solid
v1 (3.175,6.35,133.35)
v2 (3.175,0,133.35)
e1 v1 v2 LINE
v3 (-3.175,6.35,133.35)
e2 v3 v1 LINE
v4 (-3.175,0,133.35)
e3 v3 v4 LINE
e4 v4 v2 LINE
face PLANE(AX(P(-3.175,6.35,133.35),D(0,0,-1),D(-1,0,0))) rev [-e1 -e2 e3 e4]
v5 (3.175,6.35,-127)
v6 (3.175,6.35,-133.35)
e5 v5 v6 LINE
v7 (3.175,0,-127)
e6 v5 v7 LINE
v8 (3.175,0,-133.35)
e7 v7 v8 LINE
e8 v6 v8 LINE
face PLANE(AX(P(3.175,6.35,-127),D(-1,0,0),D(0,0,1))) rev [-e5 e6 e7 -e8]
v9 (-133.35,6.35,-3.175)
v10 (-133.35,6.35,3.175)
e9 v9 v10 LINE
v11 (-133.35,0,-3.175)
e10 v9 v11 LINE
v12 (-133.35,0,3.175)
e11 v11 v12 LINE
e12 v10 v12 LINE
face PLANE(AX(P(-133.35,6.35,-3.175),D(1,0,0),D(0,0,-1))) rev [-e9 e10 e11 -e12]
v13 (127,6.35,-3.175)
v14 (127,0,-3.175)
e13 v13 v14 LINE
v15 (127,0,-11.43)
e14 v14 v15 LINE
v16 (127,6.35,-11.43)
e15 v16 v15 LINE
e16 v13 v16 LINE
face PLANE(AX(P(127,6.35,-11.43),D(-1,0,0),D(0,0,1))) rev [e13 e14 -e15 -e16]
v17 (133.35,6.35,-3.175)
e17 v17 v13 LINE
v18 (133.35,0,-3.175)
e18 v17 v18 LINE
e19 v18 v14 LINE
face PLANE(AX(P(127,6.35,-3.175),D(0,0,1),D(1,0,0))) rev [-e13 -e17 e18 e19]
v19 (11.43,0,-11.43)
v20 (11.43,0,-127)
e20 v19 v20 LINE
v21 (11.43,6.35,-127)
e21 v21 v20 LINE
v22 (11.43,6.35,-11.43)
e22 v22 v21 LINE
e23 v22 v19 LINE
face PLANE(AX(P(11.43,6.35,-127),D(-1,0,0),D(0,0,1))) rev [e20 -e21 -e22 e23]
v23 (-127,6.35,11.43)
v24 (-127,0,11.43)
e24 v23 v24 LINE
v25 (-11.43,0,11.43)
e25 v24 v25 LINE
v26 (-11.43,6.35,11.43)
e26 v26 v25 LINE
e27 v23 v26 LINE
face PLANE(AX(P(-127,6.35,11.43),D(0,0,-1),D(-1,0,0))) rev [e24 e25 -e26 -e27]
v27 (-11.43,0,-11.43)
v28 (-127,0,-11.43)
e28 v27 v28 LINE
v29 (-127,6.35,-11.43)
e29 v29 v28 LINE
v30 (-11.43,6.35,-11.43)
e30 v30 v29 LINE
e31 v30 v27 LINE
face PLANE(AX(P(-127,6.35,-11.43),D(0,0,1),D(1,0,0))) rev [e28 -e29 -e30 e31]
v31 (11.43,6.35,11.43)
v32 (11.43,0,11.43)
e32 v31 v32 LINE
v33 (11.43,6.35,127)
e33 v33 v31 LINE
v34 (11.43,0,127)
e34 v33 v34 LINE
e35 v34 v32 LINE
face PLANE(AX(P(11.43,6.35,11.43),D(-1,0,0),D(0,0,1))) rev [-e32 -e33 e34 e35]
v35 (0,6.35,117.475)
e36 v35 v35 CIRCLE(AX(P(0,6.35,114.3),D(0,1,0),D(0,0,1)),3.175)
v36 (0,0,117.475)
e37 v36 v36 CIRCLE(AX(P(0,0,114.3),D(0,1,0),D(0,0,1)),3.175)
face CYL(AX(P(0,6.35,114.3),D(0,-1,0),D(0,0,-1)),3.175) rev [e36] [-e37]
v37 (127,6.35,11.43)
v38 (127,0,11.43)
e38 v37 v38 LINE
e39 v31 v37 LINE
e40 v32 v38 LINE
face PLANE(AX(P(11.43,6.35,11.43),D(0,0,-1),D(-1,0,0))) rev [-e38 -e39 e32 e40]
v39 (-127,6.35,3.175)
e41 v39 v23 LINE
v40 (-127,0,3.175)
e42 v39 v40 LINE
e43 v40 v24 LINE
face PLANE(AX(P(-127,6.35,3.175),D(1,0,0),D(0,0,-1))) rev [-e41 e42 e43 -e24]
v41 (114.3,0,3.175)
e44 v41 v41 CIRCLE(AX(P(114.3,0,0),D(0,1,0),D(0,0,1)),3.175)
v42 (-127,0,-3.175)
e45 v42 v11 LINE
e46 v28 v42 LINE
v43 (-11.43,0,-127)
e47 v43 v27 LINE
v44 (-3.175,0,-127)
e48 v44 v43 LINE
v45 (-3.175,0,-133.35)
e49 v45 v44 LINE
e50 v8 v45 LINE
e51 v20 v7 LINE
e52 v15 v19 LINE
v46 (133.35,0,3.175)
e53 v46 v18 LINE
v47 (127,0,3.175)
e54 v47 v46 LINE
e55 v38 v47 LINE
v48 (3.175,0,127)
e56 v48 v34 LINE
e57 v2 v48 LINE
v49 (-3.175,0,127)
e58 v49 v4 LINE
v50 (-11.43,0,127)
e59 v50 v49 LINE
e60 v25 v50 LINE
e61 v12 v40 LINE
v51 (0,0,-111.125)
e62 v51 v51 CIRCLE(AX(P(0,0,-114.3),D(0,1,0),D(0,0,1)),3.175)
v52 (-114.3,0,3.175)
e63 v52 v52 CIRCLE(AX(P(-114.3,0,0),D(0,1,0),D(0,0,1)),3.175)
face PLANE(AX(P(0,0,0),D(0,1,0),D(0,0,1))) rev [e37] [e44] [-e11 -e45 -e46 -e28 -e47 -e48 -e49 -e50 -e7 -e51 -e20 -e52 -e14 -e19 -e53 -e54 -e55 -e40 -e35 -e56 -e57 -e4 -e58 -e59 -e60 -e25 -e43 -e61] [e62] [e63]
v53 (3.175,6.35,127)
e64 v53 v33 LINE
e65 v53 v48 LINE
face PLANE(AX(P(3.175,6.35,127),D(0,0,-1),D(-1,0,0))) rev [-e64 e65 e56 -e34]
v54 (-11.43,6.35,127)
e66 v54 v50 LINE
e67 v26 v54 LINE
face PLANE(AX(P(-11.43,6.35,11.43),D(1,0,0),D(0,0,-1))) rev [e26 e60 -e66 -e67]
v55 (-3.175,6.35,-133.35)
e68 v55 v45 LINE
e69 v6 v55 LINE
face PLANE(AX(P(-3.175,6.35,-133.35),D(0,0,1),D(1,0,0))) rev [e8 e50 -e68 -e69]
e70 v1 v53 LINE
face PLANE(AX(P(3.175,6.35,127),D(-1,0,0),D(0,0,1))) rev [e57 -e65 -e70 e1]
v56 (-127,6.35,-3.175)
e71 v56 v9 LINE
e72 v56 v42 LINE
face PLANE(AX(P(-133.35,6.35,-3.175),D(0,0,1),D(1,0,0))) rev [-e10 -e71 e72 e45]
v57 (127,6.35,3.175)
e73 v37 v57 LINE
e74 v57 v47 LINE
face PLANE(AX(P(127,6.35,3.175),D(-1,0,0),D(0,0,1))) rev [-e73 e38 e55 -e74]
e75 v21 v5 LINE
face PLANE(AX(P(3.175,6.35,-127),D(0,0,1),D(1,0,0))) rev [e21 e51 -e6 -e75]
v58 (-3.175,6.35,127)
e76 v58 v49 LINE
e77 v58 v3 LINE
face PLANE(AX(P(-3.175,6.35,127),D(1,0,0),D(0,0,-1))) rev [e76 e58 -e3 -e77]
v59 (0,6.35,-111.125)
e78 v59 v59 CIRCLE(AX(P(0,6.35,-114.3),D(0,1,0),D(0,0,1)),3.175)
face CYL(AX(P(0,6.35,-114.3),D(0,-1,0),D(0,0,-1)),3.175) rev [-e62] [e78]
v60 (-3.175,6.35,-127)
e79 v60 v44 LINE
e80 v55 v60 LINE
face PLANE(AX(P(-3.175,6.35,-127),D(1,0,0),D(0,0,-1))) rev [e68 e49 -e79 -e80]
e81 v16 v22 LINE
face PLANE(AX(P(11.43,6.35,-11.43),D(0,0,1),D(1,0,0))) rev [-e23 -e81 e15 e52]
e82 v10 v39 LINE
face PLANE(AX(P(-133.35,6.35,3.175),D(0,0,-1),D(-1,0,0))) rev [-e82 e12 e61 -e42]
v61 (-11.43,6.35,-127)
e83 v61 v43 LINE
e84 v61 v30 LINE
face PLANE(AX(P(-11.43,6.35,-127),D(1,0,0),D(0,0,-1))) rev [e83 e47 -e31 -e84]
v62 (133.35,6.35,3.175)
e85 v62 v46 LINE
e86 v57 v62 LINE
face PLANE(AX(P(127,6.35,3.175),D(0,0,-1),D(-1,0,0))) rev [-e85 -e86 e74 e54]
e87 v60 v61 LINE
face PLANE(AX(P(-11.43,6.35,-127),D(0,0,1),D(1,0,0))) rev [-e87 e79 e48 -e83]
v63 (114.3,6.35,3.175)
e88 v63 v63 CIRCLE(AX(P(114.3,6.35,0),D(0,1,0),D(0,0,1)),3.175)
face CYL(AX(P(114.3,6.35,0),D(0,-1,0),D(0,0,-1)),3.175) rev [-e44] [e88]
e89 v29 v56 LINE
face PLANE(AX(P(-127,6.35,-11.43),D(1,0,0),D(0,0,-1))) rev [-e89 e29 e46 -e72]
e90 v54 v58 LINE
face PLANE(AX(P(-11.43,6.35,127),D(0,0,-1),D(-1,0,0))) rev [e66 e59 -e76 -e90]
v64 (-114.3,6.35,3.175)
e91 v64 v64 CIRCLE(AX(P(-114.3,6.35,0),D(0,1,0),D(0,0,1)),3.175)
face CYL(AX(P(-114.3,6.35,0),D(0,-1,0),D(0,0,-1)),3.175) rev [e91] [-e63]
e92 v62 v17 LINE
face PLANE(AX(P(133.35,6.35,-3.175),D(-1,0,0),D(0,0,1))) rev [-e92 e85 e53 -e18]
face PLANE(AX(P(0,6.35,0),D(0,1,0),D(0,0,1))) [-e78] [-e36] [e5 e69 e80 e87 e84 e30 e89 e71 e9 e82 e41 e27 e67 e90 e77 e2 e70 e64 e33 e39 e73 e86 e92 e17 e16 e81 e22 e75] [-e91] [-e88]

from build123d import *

# Parameters (mm, degrees)
SKETCH1_R           = 3.175
BOSS_EXTRUDE1_DEPTH = 6.35


with BuildPart() as part:
    # Sketch1 → Boss-Extrude1 (new body)
    with BuildSketch(Plane(origin=(0, 0, 0), x_dir=(1, 0, 0), z_dir=(0, 1, 0))):
        Polygon((-127, -3.175), (-127, -11.43), (-11.43, -11.43), (-11.43, -127), (-3.175, -127), (-3.175, -133.35), (3.175, -133.35), (3.175, -127), (11.43, -127), (11.43, -11.43), (127, -11.43), (127, -3.175), (133.35, -3.175), (133.35, 3.175), (127, 3.175), (127, 11.43), (11.43, 11.43), (11.43, 127), (3.175, 127), (3.175, 133.35), (-3.175, 133.35), (-3.175, 127), (-11.43, 127), (-11.43, 11.43), (-127, 11.43), (-127, 3.175), (-133.35, 3.175), (-133.35, -3.175), align=None)
        with Locations(Location((-114.3, 0, 0), (0, 0, 270))):
            Circle(SKETCH1_R, mode=Mode.SUBTRACT)
        with Locations(Location((114.3, 0, 0), (0, 0, 270))):
            Circle(SKETCH1_R, mode=Mode.SUBTRACT)
        with Locations(Location((0, 114.3, 0), (0, 0, 270))):
            Circle(SKETCH1_R, mode=Mode.SUBTRACT)
        with Locations(Location((0, -114.3, 0), (0, 0, 270))):
            Circle(SKETCH1_R, mode=Mode.SUBTRACT)
    extrude(amount=BOSS_EXTRUDE1_DEPTH)


solid = part.part
